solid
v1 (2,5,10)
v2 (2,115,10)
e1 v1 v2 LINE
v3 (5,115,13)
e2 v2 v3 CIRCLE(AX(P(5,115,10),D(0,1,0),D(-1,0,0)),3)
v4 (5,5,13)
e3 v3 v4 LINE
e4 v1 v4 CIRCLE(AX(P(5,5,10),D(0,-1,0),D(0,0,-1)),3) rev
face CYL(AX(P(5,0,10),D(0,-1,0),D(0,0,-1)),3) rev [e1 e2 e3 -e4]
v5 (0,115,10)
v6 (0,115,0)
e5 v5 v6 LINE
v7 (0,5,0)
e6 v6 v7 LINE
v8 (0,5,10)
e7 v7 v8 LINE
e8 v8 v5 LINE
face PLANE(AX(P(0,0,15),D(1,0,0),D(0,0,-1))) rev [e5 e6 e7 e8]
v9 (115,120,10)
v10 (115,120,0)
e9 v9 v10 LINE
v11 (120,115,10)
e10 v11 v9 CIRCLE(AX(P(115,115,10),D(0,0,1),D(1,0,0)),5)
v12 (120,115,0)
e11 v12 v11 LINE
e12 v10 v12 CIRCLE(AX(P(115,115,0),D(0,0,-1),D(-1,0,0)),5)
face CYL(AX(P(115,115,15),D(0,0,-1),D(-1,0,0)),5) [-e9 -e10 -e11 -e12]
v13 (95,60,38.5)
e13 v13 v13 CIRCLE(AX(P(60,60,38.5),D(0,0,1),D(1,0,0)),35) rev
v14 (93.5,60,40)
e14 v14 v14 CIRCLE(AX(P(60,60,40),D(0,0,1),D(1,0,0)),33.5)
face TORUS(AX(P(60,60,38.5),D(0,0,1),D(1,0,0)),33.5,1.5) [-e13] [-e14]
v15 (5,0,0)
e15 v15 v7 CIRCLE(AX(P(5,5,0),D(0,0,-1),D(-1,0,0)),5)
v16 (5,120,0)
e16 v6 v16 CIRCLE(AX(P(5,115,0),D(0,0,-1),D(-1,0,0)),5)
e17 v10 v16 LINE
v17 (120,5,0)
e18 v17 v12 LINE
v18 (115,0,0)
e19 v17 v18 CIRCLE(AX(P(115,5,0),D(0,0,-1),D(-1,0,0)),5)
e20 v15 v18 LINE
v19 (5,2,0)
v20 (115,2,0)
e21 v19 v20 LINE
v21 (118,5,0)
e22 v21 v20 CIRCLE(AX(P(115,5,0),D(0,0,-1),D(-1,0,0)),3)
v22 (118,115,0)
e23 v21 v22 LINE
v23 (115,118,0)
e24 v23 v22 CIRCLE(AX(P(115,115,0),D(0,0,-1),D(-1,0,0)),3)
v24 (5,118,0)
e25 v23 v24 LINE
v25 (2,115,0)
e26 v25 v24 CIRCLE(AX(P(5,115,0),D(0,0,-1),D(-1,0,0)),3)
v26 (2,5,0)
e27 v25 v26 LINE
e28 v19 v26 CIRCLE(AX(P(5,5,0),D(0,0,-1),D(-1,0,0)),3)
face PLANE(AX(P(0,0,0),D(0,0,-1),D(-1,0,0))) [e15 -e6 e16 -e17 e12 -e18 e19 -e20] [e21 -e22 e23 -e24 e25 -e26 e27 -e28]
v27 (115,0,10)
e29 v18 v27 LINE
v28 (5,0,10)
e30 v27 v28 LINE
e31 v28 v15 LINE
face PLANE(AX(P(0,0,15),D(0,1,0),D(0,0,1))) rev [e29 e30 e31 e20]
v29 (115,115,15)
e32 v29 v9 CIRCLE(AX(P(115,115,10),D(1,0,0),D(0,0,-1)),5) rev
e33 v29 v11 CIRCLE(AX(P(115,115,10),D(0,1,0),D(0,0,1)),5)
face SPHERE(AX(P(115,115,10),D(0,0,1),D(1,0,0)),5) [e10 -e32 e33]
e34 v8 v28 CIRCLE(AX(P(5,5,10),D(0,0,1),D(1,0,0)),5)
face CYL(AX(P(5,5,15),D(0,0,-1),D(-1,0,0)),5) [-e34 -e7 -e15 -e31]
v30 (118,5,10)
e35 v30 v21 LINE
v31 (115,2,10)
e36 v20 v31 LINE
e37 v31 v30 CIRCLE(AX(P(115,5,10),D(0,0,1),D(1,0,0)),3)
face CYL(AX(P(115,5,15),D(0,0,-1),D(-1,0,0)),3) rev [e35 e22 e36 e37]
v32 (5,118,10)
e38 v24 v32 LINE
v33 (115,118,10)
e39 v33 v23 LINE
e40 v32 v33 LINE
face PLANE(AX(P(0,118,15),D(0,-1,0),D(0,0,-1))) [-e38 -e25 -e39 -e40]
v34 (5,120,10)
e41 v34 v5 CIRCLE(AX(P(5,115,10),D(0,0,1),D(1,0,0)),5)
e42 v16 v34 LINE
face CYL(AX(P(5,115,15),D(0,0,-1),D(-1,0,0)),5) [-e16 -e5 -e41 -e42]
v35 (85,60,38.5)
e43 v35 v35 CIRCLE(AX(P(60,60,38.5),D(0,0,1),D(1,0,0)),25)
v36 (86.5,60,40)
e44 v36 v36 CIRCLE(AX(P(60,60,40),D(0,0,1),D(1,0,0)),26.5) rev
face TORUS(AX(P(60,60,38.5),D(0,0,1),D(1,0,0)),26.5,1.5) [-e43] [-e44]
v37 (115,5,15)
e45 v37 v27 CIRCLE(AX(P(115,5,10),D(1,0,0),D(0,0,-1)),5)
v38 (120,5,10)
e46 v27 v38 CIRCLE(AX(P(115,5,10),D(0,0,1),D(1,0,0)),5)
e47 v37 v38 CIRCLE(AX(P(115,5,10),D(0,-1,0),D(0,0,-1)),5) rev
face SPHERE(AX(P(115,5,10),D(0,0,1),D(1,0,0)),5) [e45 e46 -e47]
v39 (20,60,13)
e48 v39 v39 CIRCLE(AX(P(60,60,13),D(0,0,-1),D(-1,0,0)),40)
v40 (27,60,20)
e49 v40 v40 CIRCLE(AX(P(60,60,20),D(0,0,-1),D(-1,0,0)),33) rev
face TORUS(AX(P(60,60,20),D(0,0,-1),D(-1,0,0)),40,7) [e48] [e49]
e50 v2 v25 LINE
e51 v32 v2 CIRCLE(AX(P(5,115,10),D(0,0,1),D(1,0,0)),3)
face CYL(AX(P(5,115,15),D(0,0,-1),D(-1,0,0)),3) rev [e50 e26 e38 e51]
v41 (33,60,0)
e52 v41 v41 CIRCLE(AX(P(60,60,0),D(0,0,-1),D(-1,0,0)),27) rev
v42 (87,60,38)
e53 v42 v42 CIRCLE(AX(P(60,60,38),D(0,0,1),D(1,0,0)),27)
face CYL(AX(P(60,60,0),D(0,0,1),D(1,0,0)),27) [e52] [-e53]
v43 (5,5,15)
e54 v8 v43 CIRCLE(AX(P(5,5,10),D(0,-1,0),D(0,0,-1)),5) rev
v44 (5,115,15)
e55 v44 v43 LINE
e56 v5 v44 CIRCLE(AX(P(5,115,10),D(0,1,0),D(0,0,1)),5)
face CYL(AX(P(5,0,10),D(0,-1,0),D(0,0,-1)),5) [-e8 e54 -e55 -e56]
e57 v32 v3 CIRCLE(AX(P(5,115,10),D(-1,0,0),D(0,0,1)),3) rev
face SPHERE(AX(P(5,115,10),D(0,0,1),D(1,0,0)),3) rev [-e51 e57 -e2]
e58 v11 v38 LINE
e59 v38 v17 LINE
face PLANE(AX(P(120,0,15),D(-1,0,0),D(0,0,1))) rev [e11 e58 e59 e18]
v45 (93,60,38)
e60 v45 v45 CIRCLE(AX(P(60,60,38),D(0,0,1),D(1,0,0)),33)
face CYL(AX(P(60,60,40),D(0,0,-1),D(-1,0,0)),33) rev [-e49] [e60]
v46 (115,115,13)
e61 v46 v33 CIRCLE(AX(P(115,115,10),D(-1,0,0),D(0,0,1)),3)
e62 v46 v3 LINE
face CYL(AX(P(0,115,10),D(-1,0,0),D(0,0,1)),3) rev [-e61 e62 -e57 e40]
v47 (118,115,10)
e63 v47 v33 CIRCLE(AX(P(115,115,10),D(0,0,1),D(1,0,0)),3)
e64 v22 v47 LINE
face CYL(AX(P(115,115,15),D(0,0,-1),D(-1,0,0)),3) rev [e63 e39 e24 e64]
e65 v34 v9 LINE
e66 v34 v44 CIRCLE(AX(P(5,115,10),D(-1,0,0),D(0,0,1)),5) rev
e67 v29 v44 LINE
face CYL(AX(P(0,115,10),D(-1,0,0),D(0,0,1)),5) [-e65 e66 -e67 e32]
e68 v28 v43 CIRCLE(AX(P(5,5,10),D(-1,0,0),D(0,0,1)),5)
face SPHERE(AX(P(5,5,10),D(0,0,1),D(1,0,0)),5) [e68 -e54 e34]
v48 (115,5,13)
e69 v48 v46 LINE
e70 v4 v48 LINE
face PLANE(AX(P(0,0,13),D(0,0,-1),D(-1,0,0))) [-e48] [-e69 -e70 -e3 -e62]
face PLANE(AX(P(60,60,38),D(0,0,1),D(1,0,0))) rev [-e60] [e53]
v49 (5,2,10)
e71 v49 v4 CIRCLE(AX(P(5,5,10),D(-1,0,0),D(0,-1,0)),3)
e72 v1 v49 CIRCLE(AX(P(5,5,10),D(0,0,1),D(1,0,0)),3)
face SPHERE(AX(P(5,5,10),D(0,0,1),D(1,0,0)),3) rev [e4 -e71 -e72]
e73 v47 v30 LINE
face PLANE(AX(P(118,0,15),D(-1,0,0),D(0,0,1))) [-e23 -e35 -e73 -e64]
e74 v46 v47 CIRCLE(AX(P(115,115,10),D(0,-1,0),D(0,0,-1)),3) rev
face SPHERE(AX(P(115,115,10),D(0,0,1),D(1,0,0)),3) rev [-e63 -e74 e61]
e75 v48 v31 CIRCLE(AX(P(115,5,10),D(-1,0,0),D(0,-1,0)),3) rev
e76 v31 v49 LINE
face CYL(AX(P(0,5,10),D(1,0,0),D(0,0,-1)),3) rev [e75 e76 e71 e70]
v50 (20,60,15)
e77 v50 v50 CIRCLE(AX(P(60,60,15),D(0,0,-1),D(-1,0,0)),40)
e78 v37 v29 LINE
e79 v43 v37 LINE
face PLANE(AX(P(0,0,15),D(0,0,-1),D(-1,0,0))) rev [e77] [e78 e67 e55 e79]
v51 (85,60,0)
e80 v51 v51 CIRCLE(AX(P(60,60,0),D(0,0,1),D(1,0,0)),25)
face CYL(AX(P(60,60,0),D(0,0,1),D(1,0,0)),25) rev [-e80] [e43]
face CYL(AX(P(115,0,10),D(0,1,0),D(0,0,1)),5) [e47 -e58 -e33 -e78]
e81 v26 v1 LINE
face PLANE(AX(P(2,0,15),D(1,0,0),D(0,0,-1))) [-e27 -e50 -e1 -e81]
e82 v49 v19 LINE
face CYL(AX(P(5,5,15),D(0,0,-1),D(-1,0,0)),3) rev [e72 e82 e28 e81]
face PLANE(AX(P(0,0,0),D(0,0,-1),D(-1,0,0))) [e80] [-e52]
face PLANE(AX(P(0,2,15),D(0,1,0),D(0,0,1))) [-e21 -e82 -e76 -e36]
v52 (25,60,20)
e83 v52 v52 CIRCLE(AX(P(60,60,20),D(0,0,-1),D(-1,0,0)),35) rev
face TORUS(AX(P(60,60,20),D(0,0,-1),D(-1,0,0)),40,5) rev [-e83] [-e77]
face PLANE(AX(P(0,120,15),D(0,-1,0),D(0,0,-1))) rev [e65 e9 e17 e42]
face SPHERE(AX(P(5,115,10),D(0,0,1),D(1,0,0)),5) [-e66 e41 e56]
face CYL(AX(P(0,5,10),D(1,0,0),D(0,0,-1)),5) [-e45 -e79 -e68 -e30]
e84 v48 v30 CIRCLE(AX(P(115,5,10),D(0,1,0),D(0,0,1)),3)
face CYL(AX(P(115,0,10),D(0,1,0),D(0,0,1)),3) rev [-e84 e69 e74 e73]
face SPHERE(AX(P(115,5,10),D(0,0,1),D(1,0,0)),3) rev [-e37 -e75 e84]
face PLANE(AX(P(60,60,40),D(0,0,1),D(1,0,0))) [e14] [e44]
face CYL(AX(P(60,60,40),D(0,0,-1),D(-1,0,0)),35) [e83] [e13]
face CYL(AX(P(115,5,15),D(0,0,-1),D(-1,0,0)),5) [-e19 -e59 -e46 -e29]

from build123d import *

# Parameters (mm, degrees)
SKETCH2_W           = 120
SKETCH2_H           = 120
BOSS_EXTRUDE1_DEPTH = 15
SKETCH3_R           = 35
BOSS_EXTRUDE2_DEPTH = 25
SKETCH4_R           = 25
CUT_EXTRUDE1_DEPTH  = 175.355957742
FILLET1_R           = 5
FILLET2_R           = 1.5
SHELL1_T            = -2


with BuildPart() as part:
    # Sketch2 → Boss-Extrude1 (new body)
    with BuildSketch(Plane.XY):
        with Locations((60, 60)):
            Rectangle(SKETCH2_W, SKETCH2_H)
    extrude(amount=BOSS_EXTRUDE1_DEPTH)

    # Sketch3 → Boss-Extrude2 (add)
    with BuildSketch(Plane.XY.offset(15)):
        with Locations(Location((60, 60, 0), (0, 0, 180))):
            Circle(SKETCH3_R)
    extrude(amount=BOSS_EXTRUDE2_DEPTH)

    # Sketch4 → Cut-Extrude1 (cut, through all)
    with BuildSketch(Plane.XY.offset(40)):
        with Locations((60, 60)):
            Circle(SKETCH4_R)
    extrude(amount=-CUT_EXTRUDE1_DEPTH, mode=Mode.SUBTRACT)

    # Fillet1
    fillet1_edges = [part.edges().sort_by_distance(p)[0] for p in [
        (120, 60, 15),
        (60, 120, 15),
        (95, 60, 15),
        (0, 60, 15),
        (60, 0, 15),
        (0, 120, 7.5),
        (120, 120, 7.5),
        (120, 0, 7.5),
        (0, 0, 7.5),
    ]]
    fillet(fillet1_edges, radius=FILLET1_R)

    # Fillet2
    fillet2_edges = [part.edges().sort_by_distance(p)[0] for p in [
        (95, 60, 40),
        (35, 60, 40),
    ]]
    fillet(fillet2_edges, radius=FILLET2_R)

    # Shell1
    shell1_openings = [part.faces().sort_by_distance(p)[0] for p in [
        (60, 1.697056275, 0),
    ]]
    offset(amount=SHELL1_T, openings=shell1_openings, kind=Kind.INTERSECTION)


solid = part.part
